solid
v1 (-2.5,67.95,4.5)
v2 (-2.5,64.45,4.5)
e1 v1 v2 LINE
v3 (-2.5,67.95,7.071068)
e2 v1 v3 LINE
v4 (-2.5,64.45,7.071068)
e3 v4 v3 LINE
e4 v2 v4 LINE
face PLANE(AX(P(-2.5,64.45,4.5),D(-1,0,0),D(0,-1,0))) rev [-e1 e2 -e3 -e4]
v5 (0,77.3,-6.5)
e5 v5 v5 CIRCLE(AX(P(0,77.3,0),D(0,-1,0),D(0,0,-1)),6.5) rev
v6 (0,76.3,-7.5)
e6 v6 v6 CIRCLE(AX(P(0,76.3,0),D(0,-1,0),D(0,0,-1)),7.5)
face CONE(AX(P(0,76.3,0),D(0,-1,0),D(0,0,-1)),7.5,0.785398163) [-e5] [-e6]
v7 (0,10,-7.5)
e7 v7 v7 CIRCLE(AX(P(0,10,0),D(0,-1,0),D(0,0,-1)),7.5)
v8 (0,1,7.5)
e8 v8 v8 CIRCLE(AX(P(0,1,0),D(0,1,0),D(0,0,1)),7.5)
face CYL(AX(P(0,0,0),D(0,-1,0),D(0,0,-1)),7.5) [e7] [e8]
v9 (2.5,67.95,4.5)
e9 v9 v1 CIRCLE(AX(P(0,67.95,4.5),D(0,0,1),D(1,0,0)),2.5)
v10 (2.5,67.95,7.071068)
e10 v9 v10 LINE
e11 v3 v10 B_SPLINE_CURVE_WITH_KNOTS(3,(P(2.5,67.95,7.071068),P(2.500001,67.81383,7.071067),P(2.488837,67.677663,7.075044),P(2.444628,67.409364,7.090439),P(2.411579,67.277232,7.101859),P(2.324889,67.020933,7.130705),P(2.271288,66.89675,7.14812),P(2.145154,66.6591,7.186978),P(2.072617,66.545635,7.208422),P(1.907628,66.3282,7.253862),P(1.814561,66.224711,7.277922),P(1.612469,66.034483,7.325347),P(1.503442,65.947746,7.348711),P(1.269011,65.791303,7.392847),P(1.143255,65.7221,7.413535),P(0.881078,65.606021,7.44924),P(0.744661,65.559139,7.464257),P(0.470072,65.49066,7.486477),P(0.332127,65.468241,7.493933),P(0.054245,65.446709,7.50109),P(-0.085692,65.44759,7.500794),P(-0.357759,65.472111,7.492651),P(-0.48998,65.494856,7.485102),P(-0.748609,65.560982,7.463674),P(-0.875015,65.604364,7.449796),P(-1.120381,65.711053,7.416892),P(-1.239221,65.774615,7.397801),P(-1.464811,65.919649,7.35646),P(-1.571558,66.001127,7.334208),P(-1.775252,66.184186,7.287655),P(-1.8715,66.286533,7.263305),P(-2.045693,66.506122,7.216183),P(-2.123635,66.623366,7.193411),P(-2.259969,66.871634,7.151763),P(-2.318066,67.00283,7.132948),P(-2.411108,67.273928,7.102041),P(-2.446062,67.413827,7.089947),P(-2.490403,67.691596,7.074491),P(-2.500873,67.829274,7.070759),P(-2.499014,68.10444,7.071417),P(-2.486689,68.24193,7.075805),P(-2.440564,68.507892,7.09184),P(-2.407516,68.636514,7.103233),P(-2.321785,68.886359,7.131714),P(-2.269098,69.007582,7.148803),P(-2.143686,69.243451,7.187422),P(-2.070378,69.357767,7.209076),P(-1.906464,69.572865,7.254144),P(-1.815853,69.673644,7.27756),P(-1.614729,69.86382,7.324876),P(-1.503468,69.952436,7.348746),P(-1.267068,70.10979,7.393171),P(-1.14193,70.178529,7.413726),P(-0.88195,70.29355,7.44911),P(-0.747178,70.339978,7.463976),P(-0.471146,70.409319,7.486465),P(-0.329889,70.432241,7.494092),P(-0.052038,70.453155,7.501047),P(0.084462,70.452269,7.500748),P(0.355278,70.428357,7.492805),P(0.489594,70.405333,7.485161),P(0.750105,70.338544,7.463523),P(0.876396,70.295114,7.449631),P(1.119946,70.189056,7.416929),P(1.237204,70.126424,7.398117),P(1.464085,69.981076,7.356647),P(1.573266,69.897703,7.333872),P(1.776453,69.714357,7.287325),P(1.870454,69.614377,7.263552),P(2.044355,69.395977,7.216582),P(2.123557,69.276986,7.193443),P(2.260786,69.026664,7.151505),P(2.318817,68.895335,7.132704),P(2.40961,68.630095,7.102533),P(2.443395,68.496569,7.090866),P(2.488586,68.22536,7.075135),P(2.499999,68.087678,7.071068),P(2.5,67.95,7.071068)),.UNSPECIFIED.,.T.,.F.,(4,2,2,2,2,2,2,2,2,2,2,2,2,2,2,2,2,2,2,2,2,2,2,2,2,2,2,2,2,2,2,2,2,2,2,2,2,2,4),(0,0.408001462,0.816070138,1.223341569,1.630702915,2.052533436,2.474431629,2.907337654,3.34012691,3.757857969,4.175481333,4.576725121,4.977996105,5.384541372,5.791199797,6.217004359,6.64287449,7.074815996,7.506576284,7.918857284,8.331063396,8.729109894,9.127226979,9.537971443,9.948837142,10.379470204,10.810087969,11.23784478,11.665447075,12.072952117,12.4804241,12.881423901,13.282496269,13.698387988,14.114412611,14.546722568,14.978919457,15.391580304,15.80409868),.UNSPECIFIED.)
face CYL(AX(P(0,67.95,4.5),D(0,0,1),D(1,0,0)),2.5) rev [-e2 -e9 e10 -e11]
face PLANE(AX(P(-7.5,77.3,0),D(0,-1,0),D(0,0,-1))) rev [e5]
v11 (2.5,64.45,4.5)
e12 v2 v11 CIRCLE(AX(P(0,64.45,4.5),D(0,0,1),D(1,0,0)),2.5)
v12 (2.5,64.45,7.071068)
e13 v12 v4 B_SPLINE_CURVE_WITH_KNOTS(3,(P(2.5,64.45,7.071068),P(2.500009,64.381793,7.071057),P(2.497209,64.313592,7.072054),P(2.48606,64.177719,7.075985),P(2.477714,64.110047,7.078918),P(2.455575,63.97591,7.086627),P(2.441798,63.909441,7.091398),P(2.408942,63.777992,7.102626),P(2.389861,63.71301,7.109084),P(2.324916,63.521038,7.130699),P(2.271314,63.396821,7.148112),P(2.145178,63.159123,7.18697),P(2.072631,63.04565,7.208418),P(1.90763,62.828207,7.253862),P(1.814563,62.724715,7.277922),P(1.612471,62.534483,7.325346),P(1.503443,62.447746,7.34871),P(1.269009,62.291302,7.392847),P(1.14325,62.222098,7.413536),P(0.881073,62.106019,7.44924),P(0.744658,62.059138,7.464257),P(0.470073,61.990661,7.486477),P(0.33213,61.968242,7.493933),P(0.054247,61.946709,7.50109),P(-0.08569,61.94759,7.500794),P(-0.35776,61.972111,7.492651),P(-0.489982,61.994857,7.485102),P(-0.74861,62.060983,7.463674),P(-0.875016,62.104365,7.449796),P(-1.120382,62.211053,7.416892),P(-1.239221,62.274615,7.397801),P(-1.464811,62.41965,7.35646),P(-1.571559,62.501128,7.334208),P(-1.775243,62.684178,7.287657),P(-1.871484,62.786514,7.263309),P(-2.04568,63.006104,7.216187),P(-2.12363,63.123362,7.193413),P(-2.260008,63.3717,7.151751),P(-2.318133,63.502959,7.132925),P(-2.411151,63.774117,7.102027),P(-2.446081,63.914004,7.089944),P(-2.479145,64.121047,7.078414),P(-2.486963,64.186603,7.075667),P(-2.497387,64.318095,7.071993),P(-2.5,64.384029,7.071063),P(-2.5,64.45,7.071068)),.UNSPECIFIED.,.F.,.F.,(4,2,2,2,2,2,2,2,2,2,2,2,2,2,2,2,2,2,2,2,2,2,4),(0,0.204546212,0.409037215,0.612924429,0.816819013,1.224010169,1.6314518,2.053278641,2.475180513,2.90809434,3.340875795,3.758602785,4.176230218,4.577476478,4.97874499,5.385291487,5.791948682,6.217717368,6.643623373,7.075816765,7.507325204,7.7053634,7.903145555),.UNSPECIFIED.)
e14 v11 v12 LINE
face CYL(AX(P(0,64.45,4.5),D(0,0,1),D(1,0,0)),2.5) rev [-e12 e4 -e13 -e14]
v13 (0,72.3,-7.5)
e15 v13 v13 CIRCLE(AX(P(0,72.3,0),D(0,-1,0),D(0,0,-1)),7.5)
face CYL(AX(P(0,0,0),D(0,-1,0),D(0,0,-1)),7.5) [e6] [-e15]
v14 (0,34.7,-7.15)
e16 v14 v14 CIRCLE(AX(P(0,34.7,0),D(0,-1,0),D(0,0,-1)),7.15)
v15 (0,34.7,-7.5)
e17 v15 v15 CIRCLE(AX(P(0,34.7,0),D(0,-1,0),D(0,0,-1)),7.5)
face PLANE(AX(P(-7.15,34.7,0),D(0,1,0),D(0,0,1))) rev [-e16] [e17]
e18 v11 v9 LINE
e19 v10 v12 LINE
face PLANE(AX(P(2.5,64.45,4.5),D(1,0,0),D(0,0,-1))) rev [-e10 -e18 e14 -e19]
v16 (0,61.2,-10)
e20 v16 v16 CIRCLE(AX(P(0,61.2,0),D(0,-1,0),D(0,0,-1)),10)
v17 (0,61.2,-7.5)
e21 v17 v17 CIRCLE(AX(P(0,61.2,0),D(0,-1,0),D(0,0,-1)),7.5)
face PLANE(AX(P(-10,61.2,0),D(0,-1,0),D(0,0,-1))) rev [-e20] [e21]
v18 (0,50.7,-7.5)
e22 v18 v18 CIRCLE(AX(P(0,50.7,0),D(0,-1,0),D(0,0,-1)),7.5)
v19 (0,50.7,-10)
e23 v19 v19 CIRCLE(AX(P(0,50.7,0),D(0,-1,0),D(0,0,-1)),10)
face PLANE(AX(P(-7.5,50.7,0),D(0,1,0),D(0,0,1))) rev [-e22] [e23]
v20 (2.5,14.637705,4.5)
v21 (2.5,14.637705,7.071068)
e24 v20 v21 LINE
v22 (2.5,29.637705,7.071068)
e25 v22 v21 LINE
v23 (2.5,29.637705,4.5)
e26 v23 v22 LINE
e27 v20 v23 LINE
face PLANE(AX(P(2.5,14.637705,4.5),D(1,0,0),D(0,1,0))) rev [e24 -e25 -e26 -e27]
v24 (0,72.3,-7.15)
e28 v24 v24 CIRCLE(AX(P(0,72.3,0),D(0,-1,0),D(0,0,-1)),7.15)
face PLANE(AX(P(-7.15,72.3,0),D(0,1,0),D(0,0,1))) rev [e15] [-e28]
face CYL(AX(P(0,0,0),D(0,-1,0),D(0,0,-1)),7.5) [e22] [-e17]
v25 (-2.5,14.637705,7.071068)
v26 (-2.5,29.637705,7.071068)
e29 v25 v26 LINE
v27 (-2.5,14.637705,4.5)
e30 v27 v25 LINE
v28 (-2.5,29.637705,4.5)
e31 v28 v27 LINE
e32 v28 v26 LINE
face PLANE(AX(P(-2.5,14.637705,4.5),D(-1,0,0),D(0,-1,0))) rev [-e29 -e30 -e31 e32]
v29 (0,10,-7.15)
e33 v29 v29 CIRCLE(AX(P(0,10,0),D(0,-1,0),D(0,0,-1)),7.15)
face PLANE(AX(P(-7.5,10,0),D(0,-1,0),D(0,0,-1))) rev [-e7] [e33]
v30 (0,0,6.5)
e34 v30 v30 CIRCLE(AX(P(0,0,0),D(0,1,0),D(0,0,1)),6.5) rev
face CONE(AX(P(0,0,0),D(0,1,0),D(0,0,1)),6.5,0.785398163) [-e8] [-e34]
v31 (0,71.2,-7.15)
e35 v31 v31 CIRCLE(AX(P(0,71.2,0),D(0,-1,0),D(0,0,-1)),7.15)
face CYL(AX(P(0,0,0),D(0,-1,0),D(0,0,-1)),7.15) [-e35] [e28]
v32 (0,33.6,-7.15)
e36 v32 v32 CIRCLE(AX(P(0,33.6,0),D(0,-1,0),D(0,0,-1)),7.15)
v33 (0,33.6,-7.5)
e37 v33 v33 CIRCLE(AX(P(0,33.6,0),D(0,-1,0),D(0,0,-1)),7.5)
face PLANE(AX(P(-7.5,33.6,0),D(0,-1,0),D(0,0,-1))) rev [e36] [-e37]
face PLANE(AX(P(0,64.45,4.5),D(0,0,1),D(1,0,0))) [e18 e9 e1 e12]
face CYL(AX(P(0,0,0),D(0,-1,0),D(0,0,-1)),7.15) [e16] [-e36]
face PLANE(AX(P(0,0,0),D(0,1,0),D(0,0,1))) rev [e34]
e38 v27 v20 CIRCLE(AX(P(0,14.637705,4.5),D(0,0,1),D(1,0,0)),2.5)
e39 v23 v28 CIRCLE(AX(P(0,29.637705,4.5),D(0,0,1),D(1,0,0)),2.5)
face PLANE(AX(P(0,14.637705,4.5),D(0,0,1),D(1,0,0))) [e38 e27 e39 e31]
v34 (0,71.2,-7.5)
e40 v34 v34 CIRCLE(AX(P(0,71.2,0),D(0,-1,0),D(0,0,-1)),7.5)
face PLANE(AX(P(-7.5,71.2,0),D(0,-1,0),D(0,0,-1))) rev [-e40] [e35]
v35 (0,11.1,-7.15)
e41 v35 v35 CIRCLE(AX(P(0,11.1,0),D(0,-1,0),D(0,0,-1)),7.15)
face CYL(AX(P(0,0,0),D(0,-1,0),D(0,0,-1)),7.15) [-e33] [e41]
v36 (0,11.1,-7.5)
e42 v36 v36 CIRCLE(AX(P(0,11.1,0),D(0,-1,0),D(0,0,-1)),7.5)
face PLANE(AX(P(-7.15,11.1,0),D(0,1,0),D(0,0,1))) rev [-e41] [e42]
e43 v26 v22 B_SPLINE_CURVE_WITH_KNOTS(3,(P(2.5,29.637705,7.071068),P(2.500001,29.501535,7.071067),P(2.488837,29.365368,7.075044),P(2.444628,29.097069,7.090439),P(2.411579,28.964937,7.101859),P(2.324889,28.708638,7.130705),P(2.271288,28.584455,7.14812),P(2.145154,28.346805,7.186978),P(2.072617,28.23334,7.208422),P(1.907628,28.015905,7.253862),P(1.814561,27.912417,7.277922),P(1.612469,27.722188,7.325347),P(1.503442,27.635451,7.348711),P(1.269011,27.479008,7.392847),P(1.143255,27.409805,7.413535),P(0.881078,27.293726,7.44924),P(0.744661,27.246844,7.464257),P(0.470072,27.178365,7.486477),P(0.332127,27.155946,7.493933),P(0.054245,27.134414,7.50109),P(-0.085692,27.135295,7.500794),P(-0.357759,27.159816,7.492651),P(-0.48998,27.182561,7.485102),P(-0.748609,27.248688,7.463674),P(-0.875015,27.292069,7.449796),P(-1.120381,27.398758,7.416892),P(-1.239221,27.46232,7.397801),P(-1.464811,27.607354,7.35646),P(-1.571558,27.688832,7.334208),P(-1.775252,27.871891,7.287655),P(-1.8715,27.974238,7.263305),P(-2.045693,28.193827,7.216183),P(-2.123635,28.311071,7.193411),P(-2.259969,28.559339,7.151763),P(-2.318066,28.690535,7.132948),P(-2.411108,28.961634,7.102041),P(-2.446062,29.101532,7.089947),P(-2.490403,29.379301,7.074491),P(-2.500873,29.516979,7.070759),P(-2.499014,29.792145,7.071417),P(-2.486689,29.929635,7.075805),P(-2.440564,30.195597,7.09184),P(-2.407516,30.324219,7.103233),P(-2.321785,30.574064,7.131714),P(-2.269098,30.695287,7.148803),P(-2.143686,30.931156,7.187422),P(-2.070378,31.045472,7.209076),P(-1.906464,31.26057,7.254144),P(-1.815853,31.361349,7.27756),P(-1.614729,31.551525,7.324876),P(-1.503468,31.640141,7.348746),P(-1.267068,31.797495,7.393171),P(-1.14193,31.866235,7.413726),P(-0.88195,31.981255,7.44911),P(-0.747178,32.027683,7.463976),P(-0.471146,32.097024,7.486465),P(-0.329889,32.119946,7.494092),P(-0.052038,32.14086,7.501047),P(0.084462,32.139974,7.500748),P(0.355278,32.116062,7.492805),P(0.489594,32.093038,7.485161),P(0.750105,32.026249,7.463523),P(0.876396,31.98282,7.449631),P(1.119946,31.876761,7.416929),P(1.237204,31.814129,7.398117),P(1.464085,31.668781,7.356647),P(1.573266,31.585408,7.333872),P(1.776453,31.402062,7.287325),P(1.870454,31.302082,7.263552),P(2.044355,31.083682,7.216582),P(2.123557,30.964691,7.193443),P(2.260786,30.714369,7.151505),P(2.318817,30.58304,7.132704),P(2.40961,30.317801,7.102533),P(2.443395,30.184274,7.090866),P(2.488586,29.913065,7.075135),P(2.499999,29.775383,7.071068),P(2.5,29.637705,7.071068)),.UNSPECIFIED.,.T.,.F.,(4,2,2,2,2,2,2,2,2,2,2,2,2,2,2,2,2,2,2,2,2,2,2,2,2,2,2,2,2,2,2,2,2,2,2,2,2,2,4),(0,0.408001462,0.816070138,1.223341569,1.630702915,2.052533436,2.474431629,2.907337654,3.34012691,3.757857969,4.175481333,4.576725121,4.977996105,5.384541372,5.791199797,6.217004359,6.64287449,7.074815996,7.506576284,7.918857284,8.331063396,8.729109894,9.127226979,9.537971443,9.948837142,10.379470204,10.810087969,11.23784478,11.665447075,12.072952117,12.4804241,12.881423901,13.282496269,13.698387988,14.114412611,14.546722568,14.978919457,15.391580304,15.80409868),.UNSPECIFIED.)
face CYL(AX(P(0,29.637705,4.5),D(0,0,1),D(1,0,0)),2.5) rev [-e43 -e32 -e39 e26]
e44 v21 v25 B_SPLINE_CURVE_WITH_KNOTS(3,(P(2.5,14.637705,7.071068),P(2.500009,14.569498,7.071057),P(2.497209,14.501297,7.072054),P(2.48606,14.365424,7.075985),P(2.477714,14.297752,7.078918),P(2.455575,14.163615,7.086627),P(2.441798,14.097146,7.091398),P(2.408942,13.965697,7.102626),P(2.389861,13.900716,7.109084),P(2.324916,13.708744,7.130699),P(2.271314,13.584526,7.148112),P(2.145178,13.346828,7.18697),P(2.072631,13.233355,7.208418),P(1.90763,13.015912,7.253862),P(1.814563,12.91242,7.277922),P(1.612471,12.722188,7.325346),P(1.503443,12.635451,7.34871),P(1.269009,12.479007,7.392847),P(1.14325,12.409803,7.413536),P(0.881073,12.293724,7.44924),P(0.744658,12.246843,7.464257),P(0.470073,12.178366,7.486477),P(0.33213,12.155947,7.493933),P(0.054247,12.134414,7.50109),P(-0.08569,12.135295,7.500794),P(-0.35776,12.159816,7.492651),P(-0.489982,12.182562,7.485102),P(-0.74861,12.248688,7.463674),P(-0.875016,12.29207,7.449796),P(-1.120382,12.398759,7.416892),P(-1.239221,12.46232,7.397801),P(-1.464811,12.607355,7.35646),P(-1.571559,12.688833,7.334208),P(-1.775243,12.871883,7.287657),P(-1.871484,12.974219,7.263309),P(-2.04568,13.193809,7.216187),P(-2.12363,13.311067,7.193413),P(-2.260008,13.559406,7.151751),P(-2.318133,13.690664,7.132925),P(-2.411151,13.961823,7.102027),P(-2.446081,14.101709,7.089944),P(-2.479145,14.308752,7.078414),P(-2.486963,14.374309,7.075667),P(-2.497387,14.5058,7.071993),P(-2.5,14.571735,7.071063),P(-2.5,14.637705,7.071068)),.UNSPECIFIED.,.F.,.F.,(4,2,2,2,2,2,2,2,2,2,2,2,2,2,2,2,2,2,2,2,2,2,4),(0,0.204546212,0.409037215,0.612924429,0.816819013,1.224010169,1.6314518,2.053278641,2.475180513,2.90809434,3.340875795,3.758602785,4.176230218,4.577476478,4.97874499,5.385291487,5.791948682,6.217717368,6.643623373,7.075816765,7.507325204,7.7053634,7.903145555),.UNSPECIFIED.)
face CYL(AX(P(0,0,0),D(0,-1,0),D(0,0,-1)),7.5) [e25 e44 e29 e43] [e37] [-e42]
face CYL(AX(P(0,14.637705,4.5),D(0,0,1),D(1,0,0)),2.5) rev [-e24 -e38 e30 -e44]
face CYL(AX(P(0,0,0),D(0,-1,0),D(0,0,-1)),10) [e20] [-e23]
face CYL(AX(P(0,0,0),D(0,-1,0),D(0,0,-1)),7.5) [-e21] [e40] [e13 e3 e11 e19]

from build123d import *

# Parameters (mm, degrees)
SFAZOWANIE1_SIZE           = 1
WYTNIJ_WYCI_GNI_CIE1_DEPTH = 3


with BuildPart() as part:
    # Szkic1 → Obrót1 (revolve)
    with BuildSketch(Plane.XY, mode=Mode.PRIVATE) as obr_t1_sk:
        Polygon((0, 0), (-7.5, 0), (-7.5, 10), (-7.15, 10), (-7.15, 11.1), (-7.5, 11.1), (-7.5, 33.6), (-7.15, 33.6), (-7.15, 34.7), (-7.5, 34.7), (-7.5, 50.7), (-10, 50.7), (-10, 61.2), (-7.5, 61.2), (-7.5, 71.2), (-7.15, 71.2), (-7.15, 72.3), (-7.5, 72.3), (-7.5, 77.3), (0, 77.3), align=None)
    revolve(obr_t1_sk.sketch.rotate(Axis((0, 0, 0), (0, 1, 0)), 270), axis=Axis((0, 0, 0), (0, 1, 0)))

    # Sfazowanie1
    sfazowanie1_edges = [part.edges().sort_by_distance(p)[0] for p in [
        (0, 77.3, 7.5),
        (0, 0, 7.5),
    ]]
    chamfer(sfazowanie1_edges, length=SFAZOWANIE1_SIZE)

    # Szkic2 → Wytnij-wyciągnięcie1 (cut)
    with BuildSketch(Plane.XY.offset(7.5)):
        with BuildLine():
            Line((-2.5, 14.637705083), (-2.5, 29.637705083))
            ThreePointArc((-2.5, 29.637705083), (0, 32.137705083), (2.5, 29.637705083))
            Line((2.5, 29.637705083), (2.5, 14.637705083))
            ThreePointArc((2.5, 14.637705083), (0, 12.137705083), (-2.5, 14.637705083))
        make_face()
        with BuildLine():
            Line((-2.5, 64.45), (-2.5, 67.95))
            ThreePointArc((-2.5, 67.95), (0, 70.45), (2.5, 67.95))
            Line((2.5, 67.95), (2.5, 64.45))
            ThreePointArc((2.5, 64.45), (0, 61.95), (-2.5, 64.45))
        make_face()
    extrude(amount=-WYTNIJ_WYCI_GNI_CIE1_DEPTH, mode=Mode.SUBTRACT)


solid = part.part
